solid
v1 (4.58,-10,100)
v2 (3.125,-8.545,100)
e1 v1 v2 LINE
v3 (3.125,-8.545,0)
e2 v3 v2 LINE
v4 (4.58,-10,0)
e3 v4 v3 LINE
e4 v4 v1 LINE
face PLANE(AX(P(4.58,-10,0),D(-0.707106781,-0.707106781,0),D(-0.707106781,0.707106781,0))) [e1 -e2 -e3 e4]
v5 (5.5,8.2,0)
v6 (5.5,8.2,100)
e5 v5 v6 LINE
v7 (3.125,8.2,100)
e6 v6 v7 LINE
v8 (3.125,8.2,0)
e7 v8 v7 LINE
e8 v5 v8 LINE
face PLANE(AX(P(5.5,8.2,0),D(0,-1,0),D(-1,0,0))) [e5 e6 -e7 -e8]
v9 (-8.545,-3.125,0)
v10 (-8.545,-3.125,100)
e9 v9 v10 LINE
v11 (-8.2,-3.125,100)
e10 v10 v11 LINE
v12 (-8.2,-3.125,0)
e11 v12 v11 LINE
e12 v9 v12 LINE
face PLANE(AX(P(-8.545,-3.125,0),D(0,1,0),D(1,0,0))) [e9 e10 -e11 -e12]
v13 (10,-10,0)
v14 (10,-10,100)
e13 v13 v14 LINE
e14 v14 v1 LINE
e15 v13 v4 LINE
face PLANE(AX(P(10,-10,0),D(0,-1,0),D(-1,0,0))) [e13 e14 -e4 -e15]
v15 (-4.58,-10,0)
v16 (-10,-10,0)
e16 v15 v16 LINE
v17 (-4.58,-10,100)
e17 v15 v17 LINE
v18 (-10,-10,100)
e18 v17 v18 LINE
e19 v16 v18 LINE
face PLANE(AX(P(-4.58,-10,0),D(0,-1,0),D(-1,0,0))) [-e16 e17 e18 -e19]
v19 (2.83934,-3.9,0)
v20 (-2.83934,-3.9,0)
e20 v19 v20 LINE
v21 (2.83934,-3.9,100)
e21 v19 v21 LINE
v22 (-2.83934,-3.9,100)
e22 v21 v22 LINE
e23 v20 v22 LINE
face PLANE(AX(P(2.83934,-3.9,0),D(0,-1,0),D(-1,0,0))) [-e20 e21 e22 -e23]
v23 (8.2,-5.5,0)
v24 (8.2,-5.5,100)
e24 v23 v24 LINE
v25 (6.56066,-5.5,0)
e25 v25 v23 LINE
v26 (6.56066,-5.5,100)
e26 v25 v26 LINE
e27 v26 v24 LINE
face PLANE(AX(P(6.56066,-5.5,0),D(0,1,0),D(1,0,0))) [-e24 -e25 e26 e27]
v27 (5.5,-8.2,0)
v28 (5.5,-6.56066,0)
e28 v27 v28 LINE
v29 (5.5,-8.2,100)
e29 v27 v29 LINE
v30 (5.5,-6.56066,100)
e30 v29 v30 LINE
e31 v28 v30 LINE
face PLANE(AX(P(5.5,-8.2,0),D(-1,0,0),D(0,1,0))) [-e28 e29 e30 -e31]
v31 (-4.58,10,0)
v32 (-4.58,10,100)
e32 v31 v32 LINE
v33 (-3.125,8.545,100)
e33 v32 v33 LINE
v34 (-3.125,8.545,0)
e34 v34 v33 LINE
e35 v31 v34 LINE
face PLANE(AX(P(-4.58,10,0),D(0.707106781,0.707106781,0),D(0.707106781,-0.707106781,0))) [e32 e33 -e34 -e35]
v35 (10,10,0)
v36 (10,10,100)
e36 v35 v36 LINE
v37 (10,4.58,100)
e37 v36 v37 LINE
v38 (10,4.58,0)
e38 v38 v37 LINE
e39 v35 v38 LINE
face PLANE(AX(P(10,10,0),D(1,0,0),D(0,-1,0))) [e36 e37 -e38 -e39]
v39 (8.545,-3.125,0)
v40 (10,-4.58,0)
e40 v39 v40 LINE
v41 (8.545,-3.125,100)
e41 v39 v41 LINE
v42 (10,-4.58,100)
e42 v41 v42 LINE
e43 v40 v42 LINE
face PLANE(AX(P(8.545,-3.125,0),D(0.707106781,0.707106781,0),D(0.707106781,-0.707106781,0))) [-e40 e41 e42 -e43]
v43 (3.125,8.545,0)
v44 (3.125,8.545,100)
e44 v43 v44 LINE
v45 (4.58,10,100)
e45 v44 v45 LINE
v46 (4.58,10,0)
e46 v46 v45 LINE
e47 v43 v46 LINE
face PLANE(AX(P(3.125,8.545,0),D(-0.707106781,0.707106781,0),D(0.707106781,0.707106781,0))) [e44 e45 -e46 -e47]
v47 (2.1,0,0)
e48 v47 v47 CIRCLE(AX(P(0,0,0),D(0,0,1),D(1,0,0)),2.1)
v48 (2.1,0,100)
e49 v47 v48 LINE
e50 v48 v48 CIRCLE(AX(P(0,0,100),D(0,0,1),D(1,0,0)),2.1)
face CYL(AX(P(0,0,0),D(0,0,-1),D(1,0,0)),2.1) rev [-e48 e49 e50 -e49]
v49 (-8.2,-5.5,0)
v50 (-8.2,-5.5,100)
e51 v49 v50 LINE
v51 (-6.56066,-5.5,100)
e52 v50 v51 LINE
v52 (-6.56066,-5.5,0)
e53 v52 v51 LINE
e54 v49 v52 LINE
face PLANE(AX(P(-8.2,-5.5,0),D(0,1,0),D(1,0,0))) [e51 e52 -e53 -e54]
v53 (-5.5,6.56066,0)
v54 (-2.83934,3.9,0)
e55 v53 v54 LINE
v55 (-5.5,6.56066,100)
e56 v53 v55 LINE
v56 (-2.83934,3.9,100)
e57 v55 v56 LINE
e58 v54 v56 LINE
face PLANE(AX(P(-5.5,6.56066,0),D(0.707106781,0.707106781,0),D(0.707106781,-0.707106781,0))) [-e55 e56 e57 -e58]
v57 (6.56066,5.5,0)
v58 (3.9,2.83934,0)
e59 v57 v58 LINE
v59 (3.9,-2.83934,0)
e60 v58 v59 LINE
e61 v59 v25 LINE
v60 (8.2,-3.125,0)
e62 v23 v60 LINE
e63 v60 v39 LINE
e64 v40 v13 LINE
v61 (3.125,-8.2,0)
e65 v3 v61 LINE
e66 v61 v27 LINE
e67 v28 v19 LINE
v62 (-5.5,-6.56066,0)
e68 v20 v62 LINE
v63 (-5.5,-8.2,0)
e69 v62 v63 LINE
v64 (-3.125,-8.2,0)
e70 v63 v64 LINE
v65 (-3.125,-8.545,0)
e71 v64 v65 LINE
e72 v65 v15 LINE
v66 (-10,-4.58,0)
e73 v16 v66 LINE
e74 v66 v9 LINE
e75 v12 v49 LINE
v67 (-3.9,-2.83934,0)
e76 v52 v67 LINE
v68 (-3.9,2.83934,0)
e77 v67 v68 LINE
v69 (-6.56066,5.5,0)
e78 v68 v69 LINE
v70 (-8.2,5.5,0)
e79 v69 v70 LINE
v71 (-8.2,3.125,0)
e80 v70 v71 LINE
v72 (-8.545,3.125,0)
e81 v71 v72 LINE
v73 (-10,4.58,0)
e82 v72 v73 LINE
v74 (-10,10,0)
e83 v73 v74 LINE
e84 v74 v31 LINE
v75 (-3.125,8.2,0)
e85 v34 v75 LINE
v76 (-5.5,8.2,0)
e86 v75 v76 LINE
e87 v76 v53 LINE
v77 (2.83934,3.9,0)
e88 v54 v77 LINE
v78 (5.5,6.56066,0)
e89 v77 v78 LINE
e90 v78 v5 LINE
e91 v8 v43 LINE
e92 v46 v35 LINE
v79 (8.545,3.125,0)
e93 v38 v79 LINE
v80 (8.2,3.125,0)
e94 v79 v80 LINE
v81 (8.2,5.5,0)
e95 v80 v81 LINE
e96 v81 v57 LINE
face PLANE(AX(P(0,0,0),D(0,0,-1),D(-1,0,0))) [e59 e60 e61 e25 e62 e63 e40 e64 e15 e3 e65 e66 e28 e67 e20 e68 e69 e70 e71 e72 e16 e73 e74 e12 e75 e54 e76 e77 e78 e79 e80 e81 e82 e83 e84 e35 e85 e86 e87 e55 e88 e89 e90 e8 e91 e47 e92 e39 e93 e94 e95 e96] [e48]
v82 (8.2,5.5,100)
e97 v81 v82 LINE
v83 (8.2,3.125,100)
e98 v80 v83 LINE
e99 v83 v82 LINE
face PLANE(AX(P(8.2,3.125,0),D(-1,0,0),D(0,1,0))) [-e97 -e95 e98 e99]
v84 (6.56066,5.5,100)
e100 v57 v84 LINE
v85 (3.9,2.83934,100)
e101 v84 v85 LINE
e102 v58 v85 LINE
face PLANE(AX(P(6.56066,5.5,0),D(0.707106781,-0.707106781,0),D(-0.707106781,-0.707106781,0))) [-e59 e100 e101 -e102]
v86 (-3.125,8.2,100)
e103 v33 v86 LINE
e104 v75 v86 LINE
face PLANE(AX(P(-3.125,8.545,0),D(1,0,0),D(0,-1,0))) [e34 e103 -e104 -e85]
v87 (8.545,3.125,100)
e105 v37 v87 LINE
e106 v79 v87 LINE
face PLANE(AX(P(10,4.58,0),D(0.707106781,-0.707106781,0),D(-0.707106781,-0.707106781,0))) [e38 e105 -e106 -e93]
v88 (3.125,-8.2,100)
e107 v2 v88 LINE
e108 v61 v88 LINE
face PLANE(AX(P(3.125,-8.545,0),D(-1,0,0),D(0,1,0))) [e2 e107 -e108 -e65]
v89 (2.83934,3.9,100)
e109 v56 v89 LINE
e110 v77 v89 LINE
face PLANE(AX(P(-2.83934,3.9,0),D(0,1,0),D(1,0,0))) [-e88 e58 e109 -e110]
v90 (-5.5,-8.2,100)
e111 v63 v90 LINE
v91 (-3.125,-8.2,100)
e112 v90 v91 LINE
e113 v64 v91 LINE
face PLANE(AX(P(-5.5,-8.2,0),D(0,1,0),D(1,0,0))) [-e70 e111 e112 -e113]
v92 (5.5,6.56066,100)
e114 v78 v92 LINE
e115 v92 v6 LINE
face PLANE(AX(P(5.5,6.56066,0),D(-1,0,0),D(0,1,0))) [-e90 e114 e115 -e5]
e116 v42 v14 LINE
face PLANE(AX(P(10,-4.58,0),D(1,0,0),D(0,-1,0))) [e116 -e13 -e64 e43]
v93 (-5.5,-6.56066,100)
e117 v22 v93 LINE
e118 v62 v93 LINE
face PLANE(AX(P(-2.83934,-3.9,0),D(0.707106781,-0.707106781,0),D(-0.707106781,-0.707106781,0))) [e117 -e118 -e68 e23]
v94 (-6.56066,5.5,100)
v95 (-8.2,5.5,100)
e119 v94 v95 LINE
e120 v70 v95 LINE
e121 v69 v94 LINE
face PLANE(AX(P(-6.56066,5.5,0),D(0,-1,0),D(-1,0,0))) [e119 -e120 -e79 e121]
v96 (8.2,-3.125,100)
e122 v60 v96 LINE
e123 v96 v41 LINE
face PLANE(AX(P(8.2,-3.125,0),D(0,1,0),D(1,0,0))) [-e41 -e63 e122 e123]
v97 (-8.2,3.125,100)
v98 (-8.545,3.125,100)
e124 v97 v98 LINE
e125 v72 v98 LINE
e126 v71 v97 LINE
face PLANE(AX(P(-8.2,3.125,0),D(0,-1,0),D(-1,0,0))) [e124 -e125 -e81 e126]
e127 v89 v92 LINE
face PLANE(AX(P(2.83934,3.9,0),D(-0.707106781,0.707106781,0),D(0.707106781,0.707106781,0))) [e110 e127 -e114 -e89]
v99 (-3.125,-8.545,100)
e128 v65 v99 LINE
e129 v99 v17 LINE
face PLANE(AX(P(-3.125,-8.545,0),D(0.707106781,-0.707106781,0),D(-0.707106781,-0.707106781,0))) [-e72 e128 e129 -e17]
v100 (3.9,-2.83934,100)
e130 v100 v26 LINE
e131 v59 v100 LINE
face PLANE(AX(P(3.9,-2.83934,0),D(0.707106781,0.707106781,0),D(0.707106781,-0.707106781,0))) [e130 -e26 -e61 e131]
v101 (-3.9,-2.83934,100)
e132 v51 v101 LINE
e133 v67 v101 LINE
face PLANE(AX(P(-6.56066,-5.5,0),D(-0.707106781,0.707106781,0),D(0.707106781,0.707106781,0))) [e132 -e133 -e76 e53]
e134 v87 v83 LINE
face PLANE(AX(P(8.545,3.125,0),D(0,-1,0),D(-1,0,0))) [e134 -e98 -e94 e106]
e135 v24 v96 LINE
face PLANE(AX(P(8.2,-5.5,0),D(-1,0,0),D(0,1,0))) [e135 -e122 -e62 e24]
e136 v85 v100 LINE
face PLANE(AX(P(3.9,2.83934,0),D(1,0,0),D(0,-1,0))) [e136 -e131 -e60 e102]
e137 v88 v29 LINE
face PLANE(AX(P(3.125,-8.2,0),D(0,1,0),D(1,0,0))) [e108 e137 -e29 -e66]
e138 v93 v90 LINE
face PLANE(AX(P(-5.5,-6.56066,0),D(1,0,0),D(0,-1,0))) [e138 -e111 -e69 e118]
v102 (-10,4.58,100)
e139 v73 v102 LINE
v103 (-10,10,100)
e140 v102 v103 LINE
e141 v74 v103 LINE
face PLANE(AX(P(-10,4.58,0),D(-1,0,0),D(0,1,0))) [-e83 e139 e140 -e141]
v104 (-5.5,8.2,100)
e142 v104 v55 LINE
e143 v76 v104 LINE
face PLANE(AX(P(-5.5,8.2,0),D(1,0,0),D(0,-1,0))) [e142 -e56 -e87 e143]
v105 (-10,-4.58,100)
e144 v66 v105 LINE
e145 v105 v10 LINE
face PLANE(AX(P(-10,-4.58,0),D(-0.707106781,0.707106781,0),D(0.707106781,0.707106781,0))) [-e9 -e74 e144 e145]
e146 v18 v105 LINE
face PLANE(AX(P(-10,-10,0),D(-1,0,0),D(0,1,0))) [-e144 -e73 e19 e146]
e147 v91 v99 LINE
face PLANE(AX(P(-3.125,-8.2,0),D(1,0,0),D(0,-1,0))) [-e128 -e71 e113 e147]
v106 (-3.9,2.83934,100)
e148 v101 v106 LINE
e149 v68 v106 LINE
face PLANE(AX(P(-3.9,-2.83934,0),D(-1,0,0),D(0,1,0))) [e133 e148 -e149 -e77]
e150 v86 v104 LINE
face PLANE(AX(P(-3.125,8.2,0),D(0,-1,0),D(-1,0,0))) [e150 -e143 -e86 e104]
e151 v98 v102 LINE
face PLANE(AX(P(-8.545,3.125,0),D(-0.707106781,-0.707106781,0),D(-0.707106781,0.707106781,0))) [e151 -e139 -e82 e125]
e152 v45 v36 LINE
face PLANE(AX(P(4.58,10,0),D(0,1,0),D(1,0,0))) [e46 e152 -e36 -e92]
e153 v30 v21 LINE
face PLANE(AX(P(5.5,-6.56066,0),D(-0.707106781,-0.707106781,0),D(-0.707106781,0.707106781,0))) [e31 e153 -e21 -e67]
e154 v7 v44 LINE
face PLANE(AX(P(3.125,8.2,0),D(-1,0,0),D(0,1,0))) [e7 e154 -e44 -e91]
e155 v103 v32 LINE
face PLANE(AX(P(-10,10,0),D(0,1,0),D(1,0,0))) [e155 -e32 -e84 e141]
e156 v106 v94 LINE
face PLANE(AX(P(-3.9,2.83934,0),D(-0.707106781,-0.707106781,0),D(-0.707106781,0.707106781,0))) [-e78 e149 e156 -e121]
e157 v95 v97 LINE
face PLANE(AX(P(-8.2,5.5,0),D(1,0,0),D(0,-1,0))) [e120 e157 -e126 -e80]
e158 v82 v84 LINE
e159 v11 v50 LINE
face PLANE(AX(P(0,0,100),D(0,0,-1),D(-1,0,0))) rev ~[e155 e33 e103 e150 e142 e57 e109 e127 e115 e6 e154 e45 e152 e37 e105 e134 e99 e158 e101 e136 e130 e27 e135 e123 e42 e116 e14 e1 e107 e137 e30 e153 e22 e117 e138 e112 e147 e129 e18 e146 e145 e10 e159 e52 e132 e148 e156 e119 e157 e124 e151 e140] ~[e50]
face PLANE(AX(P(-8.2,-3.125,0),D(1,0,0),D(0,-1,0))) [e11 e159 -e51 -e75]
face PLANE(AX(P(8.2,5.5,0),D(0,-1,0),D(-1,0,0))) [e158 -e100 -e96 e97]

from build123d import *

# Parameters (mm, degrees)
SKETCH_R  = 2.1
PAD_DEPTH = 100


with BuildPart() as part:
    # Sketch → Pad (new body)
    with BuildSketch(Plane.XY):
        Polygon((-10, 10), (-4.58, 10), (-3.125, 8.545), (-3.125, 8.2), (-5.5, 8.2), (-5.5, 6.56066), (-2.83934, 3.9), (2.83934, 3.9), (5.5, 6.56066), (5.5, 8.2), (3.125, 8.2), (3.125, 8.545), (4.58, 10), (10, 10), (10, 4.58), (8.545, 3.125), (8.2, 3.125), (8.2, 5.5), (6.56066, 5.5), (3.9, 2.83934), (3.9, -2.83934), (6.56066, -5.5), (8.2, -5.5), (8.2, -3.125), (8.545, -3.125), (10, -4.58), (10, -10), (4.58, -10), (3.125, -8.545), (3.125, -8.2), (5.5, -8.2), (5.5, -6.56066), (2.83934, -3.9), (-2.83934, -3.9), (-5.5, -6.56066), (-5.5, -8.2), (-3.125, -8.2), (-3.125, -8.545), (-4.58, -10), (-10, -10), (-10, -4.58), (-8.545, -3.125), (-8.2, -3.125), (-8.2, -5.5), (-6.56066, -5.5), (-3.9, -2.83934), (-3.9, 2.83934), (-6.56066, 5.5), (-8.2, 5.5), (-8.2, 3.125), (-8.545, 3.125), (-10, 4.58), align=None)
        Circle(SKETCH_R, mode=Mode.SUBTRACT)
    extrude(amount=PAD_DEPTH)


solid = part.part
